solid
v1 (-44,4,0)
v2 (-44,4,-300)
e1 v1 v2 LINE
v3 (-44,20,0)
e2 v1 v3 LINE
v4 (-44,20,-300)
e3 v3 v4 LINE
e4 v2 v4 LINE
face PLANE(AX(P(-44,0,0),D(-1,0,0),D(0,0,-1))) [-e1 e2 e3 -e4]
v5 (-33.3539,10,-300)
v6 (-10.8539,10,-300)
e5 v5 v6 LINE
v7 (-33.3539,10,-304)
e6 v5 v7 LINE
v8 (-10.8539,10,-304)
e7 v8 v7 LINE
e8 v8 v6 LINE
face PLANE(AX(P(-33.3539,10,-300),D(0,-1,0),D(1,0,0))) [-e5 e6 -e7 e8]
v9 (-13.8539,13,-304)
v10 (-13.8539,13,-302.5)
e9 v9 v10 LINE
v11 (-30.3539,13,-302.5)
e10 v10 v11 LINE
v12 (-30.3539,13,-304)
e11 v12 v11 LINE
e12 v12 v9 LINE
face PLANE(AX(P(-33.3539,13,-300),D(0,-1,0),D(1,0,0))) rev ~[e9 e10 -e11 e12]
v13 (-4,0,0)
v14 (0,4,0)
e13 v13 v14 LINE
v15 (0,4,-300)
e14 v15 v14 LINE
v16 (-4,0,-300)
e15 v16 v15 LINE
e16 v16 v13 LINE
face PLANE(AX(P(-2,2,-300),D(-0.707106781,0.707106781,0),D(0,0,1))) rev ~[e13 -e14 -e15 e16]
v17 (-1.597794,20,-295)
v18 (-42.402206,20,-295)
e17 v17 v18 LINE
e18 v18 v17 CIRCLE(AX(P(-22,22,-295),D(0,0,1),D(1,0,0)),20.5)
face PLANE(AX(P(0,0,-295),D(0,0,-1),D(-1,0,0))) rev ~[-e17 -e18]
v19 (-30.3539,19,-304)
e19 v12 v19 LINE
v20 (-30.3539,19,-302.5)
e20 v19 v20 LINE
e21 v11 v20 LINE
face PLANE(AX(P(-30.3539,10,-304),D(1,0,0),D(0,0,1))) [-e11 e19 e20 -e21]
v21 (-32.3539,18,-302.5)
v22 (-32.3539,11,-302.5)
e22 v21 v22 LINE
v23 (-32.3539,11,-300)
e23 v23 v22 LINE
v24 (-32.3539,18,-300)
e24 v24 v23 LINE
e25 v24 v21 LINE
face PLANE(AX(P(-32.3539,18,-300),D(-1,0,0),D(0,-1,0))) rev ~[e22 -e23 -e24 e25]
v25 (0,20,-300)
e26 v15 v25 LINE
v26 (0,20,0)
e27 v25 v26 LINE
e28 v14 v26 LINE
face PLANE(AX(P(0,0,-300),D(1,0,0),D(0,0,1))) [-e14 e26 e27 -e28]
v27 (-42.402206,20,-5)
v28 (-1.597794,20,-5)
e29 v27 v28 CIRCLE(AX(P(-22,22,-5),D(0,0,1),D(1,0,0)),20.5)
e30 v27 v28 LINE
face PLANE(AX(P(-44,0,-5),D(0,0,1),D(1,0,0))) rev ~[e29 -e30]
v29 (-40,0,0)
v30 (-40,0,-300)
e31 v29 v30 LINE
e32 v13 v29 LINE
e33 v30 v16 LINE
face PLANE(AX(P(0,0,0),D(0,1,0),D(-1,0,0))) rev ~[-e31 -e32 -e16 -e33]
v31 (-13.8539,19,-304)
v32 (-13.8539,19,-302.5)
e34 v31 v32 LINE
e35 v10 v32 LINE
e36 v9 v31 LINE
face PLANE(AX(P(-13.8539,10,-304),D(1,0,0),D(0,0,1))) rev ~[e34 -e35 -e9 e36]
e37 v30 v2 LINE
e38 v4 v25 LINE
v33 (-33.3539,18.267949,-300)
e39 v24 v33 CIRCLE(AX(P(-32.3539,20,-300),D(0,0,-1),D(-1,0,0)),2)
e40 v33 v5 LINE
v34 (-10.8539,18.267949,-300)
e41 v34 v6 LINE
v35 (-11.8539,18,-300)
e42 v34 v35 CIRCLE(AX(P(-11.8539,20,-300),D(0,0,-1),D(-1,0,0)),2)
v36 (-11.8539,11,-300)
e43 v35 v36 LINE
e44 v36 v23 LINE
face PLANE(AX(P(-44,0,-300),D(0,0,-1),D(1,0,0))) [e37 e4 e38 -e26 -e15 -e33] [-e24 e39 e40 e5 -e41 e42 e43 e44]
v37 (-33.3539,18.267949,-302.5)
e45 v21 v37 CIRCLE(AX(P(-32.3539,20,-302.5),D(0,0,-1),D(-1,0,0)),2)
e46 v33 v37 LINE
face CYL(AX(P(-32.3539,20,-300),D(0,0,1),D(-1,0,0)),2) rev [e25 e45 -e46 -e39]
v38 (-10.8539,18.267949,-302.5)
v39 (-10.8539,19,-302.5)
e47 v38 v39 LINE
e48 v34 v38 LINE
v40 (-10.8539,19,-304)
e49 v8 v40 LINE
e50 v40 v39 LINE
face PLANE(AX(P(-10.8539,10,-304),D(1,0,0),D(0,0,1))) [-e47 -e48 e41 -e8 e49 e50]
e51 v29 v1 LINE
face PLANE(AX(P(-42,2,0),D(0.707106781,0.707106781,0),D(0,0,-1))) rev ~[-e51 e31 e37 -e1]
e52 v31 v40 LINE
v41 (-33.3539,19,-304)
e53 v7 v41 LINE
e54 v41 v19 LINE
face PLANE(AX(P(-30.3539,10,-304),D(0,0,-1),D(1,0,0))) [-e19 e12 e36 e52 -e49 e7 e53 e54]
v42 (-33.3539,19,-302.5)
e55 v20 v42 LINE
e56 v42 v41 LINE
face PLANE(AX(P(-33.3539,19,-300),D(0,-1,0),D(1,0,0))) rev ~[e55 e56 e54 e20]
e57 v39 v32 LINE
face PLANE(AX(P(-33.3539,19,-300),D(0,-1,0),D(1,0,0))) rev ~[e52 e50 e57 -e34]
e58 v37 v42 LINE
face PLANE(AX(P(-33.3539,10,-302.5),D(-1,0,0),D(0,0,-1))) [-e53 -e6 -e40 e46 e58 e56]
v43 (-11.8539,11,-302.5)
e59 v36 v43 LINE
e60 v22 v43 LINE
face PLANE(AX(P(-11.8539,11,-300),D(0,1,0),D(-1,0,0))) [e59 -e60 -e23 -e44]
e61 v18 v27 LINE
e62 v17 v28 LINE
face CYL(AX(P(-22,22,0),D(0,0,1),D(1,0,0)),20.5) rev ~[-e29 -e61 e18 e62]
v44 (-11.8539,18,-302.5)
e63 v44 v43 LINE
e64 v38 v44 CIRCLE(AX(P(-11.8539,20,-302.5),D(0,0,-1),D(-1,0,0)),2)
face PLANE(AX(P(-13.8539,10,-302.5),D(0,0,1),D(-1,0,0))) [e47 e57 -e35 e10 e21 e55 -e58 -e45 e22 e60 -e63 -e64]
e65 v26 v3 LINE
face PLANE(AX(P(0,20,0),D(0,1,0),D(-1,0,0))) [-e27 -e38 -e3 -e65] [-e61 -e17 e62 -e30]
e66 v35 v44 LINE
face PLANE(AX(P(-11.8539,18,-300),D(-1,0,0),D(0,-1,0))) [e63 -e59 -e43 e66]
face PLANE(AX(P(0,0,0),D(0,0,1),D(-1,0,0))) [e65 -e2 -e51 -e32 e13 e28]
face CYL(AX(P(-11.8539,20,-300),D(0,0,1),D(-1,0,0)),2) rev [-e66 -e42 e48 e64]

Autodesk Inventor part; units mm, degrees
ref_plane "YZ Plane" through (0, 0, 0) normal (1, 0, 0) x (0, 1, 0)
ref_plane "XZ Plane" through (0, 0, 0) normal (0, 1, 0) x (-1, 0, 0)
ref_plane "XY Plane" through (0, 0, 0) normal (0, 0, 1) x (1, 0, 0)
sketch "Sketch1" plane through (0, 0, 0) normal (0, 1, 0) x (-1, 0, 0)
  line L0 (0, 0) -> (44, 0)
  line L1 (44, 0) -> (44, -300)
  line L2 (44, -300) -> (0, -300)
  line L3 (0, -300) -> (0, 0)
  dimension "d0" = 300
  dimension "d1" = 44
extrude "Extrusion1" add sketch "Sketch1" along normal blind 20
sketch "Sketch2" plane through (-44, 0, 0) normal (0, 0, 1) x (1, 0, 0)
  line L0 (44, 20) -> (0, 20) projected
  line L1 (44, 0) -> (0, 0) projected
  line L2 (0, 0) -> (44, 0)
  line L3 (44, 0) -> (44, 22)
  line L4 (44, 22) -> (0, 22)
  line L5 (0, 22) -> (0, 0)
  circle A0 centre (22, 22) radius 20.5
  dimension "d17" = 22
  dimension "d18" = 41
  dimension "d19" = 22
extrude "Extrusion2" cut sketch "Sketch2" against normal up to surface (300 mm away) contours A0 L0 | L0 A0 L4 | L4 A0
sketch "Sketch3" plane through (-44, 0, 0) normal (0, 0, 1) x (1, 0, 0)
  line L0 (0, 0) -> (0, 20) projected
  line L1 (0, 20) -> (44, 20)
  line L2 (44, 20) -> (44, 0)
  line L3 (44, 0) -> (0, 0)
  line L4 (0, 0) -> (0, 20)
extrude "Extrusion3" add sketch "Sketch3" against normal blind 5
sketch "Sketch4" plane through (0, 0, -300) normal (0, 0, -1) x (-1, 0, 0)
  line L0 (0, 0) -> (0, 20) projected
  line L1 (44, 0) -> (0, 0) projected
  line L2 (0, 20) -> (44, 20)
  line L3 (44, 20) -> (44, 0)
  line L4 (44, 0) -> (0, 0)
  line L5 (0, 0) -> (0, 20)
extrude "Extrusion4" add sketch "Sketch4" against normal blind 5
chamfer "Chamfer1" distance 4 angle 45 1 edges at (0, 0, -150)
chamfer "Chamfer2" distance 4 angle 45 1 edges at (-44, 0, -150)
sketch "Sketch5" plane through (0, 20, -300) normal (0, 0, -1) x (-1, 0, 0)
  line L0 (0, 0) -> (44, 0)
  line L1 (44, 0) -> (44, -20)
  line L2 (44, -20) -> (0, -20)
  line L3 (0, -20) -> (0, 0)
  line L4 (44, -16) -> (40, -20) projected
  line L5 (4, -20) -> (0, -16) projected
  line L6 (22, 0) -> (22, -20)
  line L7 (0, -10) -> (44, -10)
  line L8 (11.8539, 0) -> (11.8539, -20)
  line L9 (32.3539, 0) -> (32.3539, -20)
  line L10 (10.8539, 0) -> (10.8539, -20)
  line L11 (33.3539, 0) -> (33.3539, -20)
  line L12 (0, -9) -> (44, -9)
  circle A0 centre (11.8539, 0) radius 2
  circle A1 centre (32.3539, 0) radius 2
  point P0 (0, -20)
  point P1 (2, -18)
  point P2 (42, -18)
  point P3 (11.8539, -2)
  point P4 (10.8539, -1.7321)
  point P5 (10.8539, -10)
  point P6 (33.3539, -10)
  point P7 (33.3539, -1.7321)
  point P8 (32.3539, -2)
  point P9 (32.3539, -9)
  point P10 (11.8539, -9)
  dimension "d20" = 20
  dimension "d21" = 44
  dimension "d23" = 2
  dimension "d24" = 2
  dimension "d25" = 20.5
  dimension "d26" = 11.8539
  dimension "d27" = 1
  dimension "d28" = 1
  dimension "d29" = 9
  dimension "d30" = 4
  dimension "d31" = 4
extrude "Extrusion5" add sketch "Sketch5" along normal blind 2.5 contours A0 L8 L12 L10 | L12 L8 L7 L10 | L12 L6 L7 L8 | L12 L9 L7 L6 | A1 L11 L12 L9 | L12 L11 L7 L9
sketch "Sketch7" plane through (-33.3539, 10, -300) normal (0, -1, 0) x (1, 0, 0)
  line L0 (22.5, -2.5) -> (0, -2.5)
  line L1 (0, -2.5) -> (0, -4)
  line L2 (0, -4) -> (22.5, -4)
  line L3 (22.5, -4) -> (22.5, -2.5)
  line L4 (0, 0) -> (0, -2.5) projected
  line L5 (22.5, -4) -> (21.5, -4)
  line L6 (21.5, -2.5) -> (22.5, -2.5)
  line L7 (22.5, -2.5) -> (22.5, -4)
  line L8 (21.5, 0) -> (21.5, -2.5) projected
  line L9 (3, -2.5) -> (0, -2.5)
  line L10 (0, -2.5) -> (0, -4)
  line L11 (0, -4) -> (3, -4)
  line L12 (3, -4) -> (3, -2.5)
  line L13 (22.5, -2.5) -> (0, -2.5) projected
  line L14 (22.5, -4) -> (19.5, -4)
  line L15 (19.5, -4) -> (19.5, -2.5)
  line L16 (19.5, -2.5) -> (22.5, -2.5)
  line L17 (22.5, -2.5) -> (22.5, -4)
  point P0 (33.3539, 300)
  point P1 (22.5, -3.25)
  point P2 (19.5, -4)
  point P3 (19.5, -2.5)
  point P4 (3, -4)
  dimension "d36" = 1.5
  dimension "d37" = 3
  dimension "d38" = 3
extrude "Extrusion6" add sketch "Sketch7" against normal blind 3 contours L15 L2 L12 L0
extrude "Extrusion7" add sketch "Sketch7" against normal blind 9 contours L3 L2 L15 L0 | L12 L2 L1 L0
properties part number "profilrampa"
